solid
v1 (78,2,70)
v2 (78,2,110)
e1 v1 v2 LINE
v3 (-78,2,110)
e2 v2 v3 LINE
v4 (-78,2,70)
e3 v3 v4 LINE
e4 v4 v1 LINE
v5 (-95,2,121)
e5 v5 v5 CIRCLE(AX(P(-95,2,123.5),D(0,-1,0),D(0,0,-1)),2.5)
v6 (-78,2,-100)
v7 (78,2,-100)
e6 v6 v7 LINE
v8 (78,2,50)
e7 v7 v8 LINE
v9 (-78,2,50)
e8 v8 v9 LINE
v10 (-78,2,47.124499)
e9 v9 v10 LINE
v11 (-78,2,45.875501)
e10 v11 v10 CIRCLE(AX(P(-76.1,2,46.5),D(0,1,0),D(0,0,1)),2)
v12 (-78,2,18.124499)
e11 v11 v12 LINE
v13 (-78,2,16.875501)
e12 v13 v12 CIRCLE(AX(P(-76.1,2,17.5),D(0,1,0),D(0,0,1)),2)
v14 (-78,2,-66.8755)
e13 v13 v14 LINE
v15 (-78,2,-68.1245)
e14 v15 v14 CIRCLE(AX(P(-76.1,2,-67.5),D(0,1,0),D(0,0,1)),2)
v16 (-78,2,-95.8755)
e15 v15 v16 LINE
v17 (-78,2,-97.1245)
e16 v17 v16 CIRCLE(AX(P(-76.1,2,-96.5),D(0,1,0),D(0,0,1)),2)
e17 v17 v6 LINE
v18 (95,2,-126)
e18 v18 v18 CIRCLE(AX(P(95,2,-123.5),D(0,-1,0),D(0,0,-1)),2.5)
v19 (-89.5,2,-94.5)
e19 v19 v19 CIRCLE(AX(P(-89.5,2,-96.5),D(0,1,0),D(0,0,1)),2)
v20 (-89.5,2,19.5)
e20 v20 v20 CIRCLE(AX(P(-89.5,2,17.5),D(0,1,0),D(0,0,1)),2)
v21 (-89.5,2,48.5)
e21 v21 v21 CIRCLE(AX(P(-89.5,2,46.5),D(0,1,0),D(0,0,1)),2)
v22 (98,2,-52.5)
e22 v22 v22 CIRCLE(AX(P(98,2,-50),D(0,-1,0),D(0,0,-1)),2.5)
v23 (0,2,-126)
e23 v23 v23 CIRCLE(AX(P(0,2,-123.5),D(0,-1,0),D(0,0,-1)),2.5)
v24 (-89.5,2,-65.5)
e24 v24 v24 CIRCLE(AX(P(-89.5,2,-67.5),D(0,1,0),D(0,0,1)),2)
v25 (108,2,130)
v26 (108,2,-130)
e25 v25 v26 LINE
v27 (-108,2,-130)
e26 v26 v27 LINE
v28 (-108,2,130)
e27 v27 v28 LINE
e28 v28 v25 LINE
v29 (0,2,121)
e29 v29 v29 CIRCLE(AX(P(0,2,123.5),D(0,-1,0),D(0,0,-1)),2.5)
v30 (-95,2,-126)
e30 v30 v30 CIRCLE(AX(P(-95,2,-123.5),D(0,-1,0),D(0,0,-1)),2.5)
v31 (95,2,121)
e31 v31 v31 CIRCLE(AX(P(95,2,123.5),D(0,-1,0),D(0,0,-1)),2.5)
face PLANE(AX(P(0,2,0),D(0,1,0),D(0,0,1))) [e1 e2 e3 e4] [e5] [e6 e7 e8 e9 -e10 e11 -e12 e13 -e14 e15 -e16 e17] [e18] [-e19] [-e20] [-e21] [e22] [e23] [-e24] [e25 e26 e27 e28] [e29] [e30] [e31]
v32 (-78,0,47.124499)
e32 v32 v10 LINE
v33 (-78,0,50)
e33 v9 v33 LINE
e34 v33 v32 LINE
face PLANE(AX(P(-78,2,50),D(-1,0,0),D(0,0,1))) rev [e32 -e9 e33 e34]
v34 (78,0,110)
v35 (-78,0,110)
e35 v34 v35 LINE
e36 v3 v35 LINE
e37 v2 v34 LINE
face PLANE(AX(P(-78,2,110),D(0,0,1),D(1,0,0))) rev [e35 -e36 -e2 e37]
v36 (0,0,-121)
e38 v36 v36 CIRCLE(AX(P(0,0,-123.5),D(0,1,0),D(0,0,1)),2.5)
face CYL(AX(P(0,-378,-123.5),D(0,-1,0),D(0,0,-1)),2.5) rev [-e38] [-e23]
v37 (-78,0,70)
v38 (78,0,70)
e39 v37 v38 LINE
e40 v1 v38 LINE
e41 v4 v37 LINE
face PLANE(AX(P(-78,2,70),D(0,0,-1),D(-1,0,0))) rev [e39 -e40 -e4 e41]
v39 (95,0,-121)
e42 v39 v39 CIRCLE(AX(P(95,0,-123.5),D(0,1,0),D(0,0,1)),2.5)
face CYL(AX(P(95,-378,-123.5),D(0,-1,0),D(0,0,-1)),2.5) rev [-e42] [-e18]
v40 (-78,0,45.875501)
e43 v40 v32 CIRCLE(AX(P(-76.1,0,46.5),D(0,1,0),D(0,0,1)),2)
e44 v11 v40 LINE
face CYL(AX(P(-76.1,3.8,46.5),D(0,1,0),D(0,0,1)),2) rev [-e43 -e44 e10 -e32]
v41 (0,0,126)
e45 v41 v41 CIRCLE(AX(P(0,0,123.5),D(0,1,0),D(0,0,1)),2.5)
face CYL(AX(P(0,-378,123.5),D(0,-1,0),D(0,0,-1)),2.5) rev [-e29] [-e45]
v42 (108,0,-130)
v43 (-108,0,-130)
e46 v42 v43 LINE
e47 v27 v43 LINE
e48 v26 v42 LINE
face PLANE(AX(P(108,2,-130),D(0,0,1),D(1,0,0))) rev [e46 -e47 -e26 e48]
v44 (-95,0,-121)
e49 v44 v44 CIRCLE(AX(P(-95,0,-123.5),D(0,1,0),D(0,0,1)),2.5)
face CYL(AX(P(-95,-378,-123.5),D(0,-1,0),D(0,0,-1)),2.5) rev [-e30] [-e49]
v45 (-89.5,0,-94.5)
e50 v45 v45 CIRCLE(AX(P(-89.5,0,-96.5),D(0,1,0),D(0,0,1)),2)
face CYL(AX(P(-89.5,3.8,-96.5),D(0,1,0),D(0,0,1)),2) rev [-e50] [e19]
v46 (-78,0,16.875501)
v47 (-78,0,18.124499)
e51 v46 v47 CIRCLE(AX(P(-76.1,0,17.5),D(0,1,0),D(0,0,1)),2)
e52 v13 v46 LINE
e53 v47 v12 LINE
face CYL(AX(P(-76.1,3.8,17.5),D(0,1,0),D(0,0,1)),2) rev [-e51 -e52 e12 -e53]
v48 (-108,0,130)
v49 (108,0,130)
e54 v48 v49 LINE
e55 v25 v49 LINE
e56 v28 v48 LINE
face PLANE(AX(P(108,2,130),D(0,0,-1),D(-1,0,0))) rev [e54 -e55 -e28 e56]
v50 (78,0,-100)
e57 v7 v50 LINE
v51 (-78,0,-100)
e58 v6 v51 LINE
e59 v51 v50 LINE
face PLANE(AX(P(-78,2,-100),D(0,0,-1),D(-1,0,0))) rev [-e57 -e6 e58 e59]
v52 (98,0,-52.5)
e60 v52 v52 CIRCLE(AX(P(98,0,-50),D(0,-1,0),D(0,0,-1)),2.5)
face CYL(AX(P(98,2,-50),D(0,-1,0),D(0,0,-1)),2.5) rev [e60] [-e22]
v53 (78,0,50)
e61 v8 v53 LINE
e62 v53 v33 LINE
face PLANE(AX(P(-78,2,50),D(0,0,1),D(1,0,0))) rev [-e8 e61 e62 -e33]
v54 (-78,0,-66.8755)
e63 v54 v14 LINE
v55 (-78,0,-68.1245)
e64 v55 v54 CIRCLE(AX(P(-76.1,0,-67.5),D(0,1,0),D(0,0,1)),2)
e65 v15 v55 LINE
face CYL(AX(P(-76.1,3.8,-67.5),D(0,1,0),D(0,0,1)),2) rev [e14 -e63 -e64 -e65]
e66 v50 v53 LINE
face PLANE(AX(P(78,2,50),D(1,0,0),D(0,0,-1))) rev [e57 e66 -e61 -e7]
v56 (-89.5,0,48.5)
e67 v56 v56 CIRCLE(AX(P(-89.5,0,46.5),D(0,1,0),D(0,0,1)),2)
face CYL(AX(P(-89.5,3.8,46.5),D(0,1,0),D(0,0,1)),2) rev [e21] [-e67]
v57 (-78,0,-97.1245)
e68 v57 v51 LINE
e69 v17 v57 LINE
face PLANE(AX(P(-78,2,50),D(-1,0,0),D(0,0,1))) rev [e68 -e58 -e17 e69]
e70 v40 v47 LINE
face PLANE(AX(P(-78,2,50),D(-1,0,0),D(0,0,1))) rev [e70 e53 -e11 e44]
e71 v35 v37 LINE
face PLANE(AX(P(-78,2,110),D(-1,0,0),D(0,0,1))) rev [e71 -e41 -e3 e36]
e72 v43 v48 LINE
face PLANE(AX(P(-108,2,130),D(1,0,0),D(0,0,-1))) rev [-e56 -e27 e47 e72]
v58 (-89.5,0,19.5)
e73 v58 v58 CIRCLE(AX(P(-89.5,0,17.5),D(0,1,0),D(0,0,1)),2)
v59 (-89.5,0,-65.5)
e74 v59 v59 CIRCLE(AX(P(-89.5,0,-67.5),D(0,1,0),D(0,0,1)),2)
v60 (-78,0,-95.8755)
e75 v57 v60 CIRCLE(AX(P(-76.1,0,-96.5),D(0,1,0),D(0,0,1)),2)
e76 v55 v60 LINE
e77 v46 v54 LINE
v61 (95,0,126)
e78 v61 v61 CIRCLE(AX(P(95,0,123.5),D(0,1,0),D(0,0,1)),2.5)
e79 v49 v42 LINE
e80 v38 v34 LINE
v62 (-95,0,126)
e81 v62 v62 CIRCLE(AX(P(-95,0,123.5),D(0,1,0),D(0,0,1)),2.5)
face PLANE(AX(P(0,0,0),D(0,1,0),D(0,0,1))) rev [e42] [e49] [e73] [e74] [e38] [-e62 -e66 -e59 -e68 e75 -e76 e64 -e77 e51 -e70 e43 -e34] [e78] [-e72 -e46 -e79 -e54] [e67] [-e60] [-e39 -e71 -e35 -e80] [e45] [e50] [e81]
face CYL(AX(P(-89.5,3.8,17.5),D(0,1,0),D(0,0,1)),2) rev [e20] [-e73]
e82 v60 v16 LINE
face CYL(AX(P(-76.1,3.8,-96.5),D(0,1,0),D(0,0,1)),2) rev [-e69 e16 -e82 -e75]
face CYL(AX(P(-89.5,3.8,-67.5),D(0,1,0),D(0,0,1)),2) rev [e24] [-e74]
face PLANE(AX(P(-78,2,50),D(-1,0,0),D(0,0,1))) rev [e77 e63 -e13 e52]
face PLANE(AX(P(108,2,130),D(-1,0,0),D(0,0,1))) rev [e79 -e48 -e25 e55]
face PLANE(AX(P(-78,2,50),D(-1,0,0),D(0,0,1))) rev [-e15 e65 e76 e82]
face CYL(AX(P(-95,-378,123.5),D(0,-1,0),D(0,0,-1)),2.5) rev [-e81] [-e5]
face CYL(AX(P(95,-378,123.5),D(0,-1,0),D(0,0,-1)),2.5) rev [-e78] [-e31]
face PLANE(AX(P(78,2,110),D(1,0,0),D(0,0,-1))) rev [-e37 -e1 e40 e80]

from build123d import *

# Parameters (mm, degrees)
SKETCH_1_W          = 216
SKETCH_1_H          = 260
EXTRUDE_1_DEPTH     = 2
SKETCH_3_W          = 156
SKETCH_3_H          = 150
SKETCH_3_H_2        = 40
CUT_EXTRUDE_2_DEPTH = 2
SKETCH_5_R          = 2.5
CUT_EXTRUDE_3_DEPTH = 2
MM_2_D              = 4
MM_2_DEPTH          = 10
MM_2_TIP            = 1.201721238
MM_4_D              = 5
MM_4_DEPTH          = 380


with BuildPart() as part:
    # 草图1 → 凸台-拉伸1 (new body)
    with BuildSketch(Plane(origin=(0, 0, 0), x_dir=(1, 0, 0), z_dir=(0, 1, 0))):
        Rectangle(SKETCH_1_W, SKETCH_1_H)
    extrude(amount=EXTRUDE_1_DEPTH)

    # 草图3 → 切除-拉伸2 (cut)
    with BuildSketch(Plane.XZ):
        with Locations((0, -25)):
            Rectangle(SKETCH_3_W, SKETCH_3_H)
        with Locations((0, 90)):
            Rectangle(SKETCH_3_W, SKETCH_3_H_2)
    extrude(amount=-CUT_EXTRUDE_2_DEPTH, mode=Mode.SUBTRACT)

    # 草图5 → 切除-拉伸3 (cut)
    with BuildSketch(Plane.XZ):
        with Locations(Location((98, -50, 0), (0, 0, 270))):
            Circle(SKETCH_5_R)
    extrude(amount=-CUT_EXTRUDE_3_DEPTH, mode=Mode.SUBTRACT)

    # 大小mm 暗销孔2
    with Locations(Plane(origin=(45.636831669, 3.8, 442.05931397), x_dir=(0.07852837759024343, 0, 0.9969118787099711), z_dir=(0, 1, 0))):
        with Locations((-404.949854974, -103.656881575), (-403.897574678, -90.298262111), (-432.80801916, -88.020939161), (-433.860299457, -101.379558625), (-547.50825363, -92.42732358), (-518.597809147, -94.70464653), (-517.545528888, -81.346027355), (-546.45597337, -79.068704405)):
            Hole(MM_2_D / 2, depth=MM_2_DEPTH)
            with Locations((0, 0, -(MM_2_DEPTH + MM_2_TIP / 2))):  # 118° drill point
                Cone(0, MM_2_D / 2, MM_2_TIP, mode=Mode.SUBTRACT)

    # 大小mm 暗销孔4
    with Locations(Plane(origin=(45.636831669, -378, 442.05931397), x_dir=(-0.07852837759024327, 0, -0.9969118787099712), z_dir=(0, -1, 0))):
        with Locations((559.93638869, 93.623184237), (567.396584561, -1.08344424), (574.856780432, -95.790072718), (313.699154648, 74.226674972), (321.159350519, -20.479953505), (328.61954639, -115.186581983)):
            Hole(MM_4_D / 2, depth=MM_4_DEPTH)


solid = part.part
